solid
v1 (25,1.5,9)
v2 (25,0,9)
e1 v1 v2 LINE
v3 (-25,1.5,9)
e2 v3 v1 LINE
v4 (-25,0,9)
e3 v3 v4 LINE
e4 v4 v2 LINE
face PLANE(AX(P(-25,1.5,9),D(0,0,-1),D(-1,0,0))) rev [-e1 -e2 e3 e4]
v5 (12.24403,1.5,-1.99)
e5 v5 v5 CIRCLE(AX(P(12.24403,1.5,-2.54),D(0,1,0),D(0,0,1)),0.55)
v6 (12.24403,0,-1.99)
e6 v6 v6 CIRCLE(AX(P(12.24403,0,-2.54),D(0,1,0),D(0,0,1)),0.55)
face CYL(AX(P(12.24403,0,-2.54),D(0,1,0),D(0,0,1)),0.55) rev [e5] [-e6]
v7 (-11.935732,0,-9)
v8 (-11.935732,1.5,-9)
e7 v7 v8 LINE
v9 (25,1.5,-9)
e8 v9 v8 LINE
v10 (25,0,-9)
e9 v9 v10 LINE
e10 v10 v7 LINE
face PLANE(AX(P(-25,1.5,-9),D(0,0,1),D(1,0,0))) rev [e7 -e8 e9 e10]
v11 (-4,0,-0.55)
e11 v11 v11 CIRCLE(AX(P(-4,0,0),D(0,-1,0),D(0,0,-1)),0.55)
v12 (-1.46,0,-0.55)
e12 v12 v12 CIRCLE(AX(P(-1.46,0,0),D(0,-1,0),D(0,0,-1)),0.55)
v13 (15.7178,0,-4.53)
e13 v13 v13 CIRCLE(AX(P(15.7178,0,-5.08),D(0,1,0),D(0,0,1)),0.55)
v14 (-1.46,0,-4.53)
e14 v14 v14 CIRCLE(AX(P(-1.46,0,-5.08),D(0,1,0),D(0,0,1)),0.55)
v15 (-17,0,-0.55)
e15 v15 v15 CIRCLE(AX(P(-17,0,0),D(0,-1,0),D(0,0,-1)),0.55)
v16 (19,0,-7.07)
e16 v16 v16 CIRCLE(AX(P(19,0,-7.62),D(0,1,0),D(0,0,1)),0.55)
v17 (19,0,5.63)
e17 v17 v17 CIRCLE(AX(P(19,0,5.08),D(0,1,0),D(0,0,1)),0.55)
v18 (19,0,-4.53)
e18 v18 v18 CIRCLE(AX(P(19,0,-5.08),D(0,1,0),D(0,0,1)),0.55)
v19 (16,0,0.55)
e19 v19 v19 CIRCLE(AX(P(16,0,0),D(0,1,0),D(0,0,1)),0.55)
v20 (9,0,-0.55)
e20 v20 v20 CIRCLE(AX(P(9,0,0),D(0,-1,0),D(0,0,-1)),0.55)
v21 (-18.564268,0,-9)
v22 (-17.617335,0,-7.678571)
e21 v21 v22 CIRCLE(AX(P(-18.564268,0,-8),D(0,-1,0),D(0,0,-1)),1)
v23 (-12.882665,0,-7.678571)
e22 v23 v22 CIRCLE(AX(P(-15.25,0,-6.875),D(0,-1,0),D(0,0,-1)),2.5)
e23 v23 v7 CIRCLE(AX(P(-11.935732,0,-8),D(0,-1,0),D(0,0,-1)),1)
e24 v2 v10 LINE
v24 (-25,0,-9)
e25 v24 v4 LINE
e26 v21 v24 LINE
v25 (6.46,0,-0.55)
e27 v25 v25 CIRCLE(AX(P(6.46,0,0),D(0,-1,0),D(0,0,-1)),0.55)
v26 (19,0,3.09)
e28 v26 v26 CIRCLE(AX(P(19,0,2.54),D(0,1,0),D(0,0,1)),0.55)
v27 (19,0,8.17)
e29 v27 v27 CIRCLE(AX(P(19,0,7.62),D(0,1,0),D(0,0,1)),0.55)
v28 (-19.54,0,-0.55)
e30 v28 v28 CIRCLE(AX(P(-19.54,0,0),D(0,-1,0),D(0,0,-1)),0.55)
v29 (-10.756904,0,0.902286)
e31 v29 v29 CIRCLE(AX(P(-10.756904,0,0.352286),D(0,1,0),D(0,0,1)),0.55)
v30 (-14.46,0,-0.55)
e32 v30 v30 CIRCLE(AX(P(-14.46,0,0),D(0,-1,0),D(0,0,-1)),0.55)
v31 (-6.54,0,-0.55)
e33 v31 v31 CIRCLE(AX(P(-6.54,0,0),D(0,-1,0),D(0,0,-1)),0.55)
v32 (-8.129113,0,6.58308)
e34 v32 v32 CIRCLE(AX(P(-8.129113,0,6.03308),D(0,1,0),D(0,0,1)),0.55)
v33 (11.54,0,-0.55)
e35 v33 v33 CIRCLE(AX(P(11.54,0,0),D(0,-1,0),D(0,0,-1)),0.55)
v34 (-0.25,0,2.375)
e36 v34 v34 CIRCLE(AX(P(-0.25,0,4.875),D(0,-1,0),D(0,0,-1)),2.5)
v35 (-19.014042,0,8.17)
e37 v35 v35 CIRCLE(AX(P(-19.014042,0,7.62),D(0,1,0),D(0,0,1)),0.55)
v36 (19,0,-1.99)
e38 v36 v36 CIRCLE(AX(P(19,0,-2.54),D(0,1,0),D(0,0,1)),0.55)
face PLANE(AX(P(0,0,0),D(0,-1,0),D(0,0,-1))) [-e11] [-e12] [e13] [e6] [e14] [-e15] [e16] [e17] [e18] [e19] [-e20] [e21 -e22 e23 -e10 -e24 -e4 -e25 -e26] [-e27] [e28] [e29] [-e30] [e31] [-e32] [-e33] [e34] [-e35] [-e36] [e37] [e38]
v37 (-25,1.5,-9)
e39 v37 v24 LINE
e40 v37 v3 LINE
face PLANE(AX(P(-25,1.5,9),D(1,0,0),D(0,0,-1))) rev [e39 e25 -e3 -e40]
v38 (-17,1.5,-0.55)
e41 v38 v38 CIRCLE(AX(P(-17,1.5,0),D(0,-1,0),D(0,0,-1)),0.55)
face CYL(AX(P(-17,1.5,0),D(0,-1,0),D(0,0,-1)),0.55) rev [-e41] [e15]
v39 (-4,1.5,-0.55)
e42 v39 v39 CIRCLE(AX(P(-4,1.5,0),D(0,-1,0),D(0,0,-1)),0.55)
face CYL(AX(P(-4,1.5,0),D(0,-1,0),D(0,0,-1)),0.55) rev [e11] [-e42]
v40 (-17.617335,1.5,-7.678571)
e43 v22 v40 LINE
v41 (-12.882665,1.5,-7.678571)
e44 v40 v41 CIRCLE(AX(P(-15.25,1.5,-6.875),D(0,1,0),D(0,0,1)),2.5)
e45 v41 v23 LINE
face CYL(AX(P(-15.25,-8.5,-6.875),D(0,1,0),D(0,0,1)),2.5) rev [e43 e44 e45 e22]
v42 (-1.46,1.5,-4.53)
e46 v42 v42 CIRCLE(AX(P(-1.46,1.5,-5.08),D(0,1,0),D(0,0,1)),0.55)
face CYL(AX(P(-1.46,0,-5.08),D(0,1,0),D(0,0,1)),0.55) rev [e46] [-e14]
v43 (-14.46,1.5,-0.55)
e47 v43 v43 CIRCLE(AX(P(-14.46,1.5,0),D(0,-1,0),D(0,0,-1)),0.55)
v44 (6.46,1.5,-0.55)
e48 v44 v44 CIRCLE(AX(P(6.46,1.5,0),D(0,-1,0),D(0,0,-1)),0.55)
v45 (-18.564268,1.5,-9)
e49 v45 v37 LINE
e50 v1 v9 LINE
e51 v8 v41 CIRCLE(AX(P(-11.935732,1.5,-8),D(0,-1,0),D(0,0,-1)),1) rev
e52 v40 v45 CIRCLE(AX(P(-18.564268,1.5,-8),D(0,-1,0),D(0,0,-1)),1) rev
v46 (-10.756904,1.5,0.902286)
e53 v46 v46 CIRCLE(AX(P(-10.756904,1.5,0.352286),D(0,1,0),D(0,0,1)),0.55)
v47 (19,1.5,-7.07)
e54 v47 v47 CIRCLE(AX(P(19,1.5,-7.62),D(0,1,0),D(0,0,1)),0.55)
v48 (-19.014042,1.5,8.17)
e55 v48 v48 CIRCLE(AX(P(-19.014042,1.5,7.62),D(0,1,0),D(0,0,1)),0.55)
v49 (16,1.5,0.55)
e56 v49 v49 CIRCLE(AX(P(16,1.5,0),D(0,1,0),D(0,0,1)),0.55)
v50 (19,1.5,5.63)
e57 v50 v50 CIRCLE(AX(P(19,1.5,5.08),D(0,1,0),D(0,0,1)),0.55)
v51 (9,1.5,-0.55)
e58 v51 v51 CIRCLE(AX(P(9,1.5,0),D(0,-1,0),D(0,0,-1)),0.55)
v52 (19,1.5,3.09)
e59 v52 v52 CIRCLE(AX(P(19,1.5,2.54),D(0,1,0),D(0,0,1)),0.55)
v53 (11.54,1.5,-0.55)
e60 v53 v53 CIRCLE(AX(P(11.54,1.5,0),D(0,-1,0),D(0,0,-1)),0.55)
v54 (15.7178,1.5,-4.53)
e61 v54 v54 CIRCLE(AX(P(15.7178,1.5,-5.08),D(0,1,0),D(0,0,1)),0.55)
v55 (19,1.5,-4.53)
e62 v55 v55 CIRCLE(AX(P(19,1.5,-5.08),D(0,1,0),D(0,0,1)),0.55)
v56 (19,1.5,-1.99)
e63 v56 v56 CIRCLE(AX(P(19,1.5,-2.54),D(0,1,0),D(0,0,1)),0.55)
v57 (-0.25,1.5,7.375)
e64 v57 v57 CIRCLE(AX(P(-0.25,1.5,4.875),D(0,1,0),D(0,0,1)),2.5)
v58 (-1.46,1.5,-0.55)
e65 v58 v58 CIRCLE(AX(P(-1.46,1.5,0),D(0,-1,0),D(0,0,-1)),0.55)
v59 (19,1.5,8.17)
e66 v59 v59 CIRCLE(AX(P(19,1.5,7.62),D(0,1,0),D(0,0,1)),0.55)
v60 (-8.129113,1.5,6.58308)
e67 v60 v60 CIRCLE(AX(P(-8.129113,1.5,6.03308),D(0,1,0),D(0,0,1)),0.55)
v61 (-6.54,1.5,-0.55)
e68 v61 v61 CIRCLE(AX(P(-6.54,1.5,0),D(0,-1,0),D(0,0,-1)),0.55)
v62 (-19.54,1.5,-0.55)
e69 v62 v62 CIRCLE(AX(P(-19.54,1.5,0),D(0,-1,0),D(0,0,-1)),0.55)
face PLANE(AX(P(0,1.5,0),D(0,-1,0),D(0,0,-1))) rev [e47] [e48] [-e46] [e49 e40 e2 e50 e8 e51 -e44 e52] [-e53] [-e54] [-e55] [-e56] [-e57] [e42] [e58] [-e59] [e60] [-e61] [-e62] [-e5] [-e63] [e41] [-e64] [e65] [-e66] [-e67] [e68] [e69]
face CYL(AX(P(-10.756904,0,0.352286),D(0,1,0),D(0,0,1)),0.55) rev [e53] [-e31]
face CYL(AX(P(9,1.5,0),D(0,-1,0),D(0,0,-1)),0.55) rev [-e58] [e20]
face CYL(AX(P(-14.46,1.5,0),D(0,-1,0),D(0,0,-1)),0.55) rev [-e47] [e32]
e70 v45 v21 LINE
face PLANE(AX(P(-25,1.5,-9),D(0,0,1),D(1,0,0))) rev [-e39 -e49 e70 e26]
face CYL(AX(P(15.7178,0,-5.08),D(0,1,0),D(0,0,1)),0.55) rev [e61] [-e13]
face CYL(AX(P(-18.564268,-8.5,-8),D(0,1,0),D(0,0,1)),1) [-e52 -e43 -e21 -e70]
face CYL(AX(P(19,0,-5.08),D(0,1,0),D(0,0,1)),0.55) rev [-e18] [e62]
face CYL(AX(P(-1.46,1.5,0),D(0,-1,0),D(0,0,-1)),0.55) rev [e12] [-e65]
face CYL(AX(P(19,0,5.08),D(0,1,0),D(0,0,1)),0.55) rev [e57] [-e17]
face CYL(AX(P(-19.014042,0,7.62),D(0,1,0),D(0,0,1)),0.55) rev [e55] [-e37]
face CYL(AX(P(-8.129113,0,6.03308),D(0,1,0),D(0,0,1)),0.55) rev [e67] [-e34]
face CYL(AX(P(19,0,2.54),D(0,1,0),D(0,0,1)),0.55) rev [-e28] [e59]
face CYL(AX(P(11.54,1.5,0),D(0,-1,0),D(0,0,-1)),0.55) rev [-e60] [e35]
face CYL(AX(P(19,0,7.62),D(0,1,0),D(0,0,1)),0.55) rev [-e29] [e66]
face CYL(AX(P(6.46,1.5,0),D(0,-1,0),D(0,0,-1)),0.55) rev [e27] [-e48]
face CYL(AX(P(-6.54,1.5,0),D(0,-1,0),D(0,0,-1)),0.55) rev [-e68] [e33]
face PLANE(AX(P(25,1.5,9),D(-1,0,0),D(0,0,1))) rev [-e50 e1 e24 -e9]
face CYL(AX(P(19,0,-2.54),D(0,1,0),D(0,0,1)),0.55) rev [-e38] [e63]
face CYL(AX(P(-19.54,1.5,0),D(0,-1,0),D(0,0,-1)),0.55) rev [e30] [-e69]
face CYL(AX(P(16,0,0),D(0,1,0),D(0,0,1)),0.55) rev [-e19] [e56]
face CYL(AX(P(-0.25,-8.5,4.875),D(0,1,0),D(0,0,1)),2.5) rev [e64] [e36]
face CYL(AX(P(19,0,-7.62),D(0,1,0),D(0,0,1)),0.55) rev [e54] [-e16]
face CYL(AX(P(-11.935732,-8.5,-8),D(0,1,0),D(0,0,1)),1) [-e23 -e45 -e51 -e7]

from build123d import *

# Parameters (mm, degrees)
SKETCH1_W           = 50
SKETCH1_H           = 18
BOSS_EXTRUDE1_DEPTH = 1.5
SKETCH2_R           = 2.5
CUT_EXTRUDE1_DEPTH  = 10
SKETCH3_R           = 0.55
CUT_EXTRUDE2_DEPTH  = 2.5
SKETCH4_R           = 0.55
CUT_EXTRUDE3_DEPTH  = 2.5
SKETCH8_R           = 0.55
CUT_EXTRUDE5_DEPTH  = 2.5
FILLET2_R           = 1


with BuildPart() as part:
    # Sketch1 → Boss-Extrude1 (new body)
    with BuildSketch(Plane(origin=(0, 0, 0), x_dir=(1, 0, 0), z_dir=(0, 1, 0))):
        Rectangle(SKETCH1_W, SKETCH1_H)
    extrude(amount=BOSS_EXTRUDE1_DEPTH)

    # Sketch2 → Cut-Extrude1 (cut)
    with BuildSketch(Plane(origin=(0, 1.5, 0), x_dir=(1, 0, 0), z_dir=(0, 1, 0))):
        with Locations((-15.25, 6.875)):
            Circle(SKETCH2_R)
        with Locations((-0.25, -4.875)):
            Circle(SKETCH2_R)
    extrude(amount=-CUT_EXTRUDE1_DEPTH, mode=Mode.SUBTRACT)

    # Sketch3 → Cut-Extrude2 (cut, through all)
    with BuildSketch(Plane.XZ):
        with Locations((-17, 0)):
            Circle(SKETCH3_R)
        with Locations((-4, 0)):
            Circle(SKETCH3_R)
        with Locations((9, 0)):
            Circle(SKETCH3_R)
        with Locations((-19.54, 0)):
            Circle(SKETCH3_R)
        with Locations((-14.46, 0)):
            Circle(SKETCH3_R)
        with Locations((-6.54, 0)):
            Circle(SKETCH3_R)
        with Locations((-1.46, 0)):
            Circle(SKETCH3_R)
        with Locations((6.46, 0)):
            Circle(SKETCH3_R)
        with Locations((11.54, 0)):
            Circle(SKETCH3_R)
    extrude(amount=-CUT_EXTRUDE2_DEPTH, mode=Mode.SUBTRACT)

    # Sketch4 → Cut-Extrude3 (cut, through all)
    with BuildSketch(Plane(origin=(0, 1.5, 0), x_dir=(1, 0, 0), z_dir=(0, 1, 0))):
        with Locations((19, -2.54)):
            Circle(SKETCH4_R)
        with Locations((19, -5.08)):
            Circle(SKETCH4_R)
        with Locations((19, -7.62)):
            Circle(SKETCH4_R)
        with Locations((19, 2.54)):
            Circle(SKETCH4_R)
        with Locations((19, 5.08)):
            Circle(SKETCH4_R)
        with Locations((19, 7.62)):
            Circle(SKETCH4_R)
        with Locations((16, 0)):
            Circle(SKETCH4_R)
    extrude(amount=-CUT_EXTRUDE3_DEPTH, mode=Mode.SUBTRACT)

    # Sketch8 → Cut-Extrude5 (cut, through all)
    with BuildSketch(Plane(origin=(0, 1.5, 0), x_dir=(1, 0, 0), z_dir=(0, 1, 0))):
        with Locations((-10.756904198, -0.352285973)):
            Circle(SKETCH8_R)
        with Locations((-8.129113164, -6.033080496)):
            Circle(SKETCH8_R)
        with Locations((-19.014042493, -7.62)):
            Circle(SKETCH8_R)
        with Locations((-1.46, 5.08)):
            Circle(SKETCH8_R)
        with Locations((12.244030361, 2.54)):
            Circle(SKETCH8_R)
        with Locations((15.717799533, 5.08)):
            Circle(SKETCH8_R)
    extrude(amount=-CUT_EXTRUDE5_DEPTH, mode=Mode.SUBTRACT)

    # Fillet2
    fillet2_edges = [part.edges().sort_by_distance(p)[0] for p in [
        (-13.933043281, 0.75, -9),
        (-16.566956719, 0.75, -9),
    ]]
    fillet(fillet2_edges, radius=FILLET2_R)


solid = part.part
